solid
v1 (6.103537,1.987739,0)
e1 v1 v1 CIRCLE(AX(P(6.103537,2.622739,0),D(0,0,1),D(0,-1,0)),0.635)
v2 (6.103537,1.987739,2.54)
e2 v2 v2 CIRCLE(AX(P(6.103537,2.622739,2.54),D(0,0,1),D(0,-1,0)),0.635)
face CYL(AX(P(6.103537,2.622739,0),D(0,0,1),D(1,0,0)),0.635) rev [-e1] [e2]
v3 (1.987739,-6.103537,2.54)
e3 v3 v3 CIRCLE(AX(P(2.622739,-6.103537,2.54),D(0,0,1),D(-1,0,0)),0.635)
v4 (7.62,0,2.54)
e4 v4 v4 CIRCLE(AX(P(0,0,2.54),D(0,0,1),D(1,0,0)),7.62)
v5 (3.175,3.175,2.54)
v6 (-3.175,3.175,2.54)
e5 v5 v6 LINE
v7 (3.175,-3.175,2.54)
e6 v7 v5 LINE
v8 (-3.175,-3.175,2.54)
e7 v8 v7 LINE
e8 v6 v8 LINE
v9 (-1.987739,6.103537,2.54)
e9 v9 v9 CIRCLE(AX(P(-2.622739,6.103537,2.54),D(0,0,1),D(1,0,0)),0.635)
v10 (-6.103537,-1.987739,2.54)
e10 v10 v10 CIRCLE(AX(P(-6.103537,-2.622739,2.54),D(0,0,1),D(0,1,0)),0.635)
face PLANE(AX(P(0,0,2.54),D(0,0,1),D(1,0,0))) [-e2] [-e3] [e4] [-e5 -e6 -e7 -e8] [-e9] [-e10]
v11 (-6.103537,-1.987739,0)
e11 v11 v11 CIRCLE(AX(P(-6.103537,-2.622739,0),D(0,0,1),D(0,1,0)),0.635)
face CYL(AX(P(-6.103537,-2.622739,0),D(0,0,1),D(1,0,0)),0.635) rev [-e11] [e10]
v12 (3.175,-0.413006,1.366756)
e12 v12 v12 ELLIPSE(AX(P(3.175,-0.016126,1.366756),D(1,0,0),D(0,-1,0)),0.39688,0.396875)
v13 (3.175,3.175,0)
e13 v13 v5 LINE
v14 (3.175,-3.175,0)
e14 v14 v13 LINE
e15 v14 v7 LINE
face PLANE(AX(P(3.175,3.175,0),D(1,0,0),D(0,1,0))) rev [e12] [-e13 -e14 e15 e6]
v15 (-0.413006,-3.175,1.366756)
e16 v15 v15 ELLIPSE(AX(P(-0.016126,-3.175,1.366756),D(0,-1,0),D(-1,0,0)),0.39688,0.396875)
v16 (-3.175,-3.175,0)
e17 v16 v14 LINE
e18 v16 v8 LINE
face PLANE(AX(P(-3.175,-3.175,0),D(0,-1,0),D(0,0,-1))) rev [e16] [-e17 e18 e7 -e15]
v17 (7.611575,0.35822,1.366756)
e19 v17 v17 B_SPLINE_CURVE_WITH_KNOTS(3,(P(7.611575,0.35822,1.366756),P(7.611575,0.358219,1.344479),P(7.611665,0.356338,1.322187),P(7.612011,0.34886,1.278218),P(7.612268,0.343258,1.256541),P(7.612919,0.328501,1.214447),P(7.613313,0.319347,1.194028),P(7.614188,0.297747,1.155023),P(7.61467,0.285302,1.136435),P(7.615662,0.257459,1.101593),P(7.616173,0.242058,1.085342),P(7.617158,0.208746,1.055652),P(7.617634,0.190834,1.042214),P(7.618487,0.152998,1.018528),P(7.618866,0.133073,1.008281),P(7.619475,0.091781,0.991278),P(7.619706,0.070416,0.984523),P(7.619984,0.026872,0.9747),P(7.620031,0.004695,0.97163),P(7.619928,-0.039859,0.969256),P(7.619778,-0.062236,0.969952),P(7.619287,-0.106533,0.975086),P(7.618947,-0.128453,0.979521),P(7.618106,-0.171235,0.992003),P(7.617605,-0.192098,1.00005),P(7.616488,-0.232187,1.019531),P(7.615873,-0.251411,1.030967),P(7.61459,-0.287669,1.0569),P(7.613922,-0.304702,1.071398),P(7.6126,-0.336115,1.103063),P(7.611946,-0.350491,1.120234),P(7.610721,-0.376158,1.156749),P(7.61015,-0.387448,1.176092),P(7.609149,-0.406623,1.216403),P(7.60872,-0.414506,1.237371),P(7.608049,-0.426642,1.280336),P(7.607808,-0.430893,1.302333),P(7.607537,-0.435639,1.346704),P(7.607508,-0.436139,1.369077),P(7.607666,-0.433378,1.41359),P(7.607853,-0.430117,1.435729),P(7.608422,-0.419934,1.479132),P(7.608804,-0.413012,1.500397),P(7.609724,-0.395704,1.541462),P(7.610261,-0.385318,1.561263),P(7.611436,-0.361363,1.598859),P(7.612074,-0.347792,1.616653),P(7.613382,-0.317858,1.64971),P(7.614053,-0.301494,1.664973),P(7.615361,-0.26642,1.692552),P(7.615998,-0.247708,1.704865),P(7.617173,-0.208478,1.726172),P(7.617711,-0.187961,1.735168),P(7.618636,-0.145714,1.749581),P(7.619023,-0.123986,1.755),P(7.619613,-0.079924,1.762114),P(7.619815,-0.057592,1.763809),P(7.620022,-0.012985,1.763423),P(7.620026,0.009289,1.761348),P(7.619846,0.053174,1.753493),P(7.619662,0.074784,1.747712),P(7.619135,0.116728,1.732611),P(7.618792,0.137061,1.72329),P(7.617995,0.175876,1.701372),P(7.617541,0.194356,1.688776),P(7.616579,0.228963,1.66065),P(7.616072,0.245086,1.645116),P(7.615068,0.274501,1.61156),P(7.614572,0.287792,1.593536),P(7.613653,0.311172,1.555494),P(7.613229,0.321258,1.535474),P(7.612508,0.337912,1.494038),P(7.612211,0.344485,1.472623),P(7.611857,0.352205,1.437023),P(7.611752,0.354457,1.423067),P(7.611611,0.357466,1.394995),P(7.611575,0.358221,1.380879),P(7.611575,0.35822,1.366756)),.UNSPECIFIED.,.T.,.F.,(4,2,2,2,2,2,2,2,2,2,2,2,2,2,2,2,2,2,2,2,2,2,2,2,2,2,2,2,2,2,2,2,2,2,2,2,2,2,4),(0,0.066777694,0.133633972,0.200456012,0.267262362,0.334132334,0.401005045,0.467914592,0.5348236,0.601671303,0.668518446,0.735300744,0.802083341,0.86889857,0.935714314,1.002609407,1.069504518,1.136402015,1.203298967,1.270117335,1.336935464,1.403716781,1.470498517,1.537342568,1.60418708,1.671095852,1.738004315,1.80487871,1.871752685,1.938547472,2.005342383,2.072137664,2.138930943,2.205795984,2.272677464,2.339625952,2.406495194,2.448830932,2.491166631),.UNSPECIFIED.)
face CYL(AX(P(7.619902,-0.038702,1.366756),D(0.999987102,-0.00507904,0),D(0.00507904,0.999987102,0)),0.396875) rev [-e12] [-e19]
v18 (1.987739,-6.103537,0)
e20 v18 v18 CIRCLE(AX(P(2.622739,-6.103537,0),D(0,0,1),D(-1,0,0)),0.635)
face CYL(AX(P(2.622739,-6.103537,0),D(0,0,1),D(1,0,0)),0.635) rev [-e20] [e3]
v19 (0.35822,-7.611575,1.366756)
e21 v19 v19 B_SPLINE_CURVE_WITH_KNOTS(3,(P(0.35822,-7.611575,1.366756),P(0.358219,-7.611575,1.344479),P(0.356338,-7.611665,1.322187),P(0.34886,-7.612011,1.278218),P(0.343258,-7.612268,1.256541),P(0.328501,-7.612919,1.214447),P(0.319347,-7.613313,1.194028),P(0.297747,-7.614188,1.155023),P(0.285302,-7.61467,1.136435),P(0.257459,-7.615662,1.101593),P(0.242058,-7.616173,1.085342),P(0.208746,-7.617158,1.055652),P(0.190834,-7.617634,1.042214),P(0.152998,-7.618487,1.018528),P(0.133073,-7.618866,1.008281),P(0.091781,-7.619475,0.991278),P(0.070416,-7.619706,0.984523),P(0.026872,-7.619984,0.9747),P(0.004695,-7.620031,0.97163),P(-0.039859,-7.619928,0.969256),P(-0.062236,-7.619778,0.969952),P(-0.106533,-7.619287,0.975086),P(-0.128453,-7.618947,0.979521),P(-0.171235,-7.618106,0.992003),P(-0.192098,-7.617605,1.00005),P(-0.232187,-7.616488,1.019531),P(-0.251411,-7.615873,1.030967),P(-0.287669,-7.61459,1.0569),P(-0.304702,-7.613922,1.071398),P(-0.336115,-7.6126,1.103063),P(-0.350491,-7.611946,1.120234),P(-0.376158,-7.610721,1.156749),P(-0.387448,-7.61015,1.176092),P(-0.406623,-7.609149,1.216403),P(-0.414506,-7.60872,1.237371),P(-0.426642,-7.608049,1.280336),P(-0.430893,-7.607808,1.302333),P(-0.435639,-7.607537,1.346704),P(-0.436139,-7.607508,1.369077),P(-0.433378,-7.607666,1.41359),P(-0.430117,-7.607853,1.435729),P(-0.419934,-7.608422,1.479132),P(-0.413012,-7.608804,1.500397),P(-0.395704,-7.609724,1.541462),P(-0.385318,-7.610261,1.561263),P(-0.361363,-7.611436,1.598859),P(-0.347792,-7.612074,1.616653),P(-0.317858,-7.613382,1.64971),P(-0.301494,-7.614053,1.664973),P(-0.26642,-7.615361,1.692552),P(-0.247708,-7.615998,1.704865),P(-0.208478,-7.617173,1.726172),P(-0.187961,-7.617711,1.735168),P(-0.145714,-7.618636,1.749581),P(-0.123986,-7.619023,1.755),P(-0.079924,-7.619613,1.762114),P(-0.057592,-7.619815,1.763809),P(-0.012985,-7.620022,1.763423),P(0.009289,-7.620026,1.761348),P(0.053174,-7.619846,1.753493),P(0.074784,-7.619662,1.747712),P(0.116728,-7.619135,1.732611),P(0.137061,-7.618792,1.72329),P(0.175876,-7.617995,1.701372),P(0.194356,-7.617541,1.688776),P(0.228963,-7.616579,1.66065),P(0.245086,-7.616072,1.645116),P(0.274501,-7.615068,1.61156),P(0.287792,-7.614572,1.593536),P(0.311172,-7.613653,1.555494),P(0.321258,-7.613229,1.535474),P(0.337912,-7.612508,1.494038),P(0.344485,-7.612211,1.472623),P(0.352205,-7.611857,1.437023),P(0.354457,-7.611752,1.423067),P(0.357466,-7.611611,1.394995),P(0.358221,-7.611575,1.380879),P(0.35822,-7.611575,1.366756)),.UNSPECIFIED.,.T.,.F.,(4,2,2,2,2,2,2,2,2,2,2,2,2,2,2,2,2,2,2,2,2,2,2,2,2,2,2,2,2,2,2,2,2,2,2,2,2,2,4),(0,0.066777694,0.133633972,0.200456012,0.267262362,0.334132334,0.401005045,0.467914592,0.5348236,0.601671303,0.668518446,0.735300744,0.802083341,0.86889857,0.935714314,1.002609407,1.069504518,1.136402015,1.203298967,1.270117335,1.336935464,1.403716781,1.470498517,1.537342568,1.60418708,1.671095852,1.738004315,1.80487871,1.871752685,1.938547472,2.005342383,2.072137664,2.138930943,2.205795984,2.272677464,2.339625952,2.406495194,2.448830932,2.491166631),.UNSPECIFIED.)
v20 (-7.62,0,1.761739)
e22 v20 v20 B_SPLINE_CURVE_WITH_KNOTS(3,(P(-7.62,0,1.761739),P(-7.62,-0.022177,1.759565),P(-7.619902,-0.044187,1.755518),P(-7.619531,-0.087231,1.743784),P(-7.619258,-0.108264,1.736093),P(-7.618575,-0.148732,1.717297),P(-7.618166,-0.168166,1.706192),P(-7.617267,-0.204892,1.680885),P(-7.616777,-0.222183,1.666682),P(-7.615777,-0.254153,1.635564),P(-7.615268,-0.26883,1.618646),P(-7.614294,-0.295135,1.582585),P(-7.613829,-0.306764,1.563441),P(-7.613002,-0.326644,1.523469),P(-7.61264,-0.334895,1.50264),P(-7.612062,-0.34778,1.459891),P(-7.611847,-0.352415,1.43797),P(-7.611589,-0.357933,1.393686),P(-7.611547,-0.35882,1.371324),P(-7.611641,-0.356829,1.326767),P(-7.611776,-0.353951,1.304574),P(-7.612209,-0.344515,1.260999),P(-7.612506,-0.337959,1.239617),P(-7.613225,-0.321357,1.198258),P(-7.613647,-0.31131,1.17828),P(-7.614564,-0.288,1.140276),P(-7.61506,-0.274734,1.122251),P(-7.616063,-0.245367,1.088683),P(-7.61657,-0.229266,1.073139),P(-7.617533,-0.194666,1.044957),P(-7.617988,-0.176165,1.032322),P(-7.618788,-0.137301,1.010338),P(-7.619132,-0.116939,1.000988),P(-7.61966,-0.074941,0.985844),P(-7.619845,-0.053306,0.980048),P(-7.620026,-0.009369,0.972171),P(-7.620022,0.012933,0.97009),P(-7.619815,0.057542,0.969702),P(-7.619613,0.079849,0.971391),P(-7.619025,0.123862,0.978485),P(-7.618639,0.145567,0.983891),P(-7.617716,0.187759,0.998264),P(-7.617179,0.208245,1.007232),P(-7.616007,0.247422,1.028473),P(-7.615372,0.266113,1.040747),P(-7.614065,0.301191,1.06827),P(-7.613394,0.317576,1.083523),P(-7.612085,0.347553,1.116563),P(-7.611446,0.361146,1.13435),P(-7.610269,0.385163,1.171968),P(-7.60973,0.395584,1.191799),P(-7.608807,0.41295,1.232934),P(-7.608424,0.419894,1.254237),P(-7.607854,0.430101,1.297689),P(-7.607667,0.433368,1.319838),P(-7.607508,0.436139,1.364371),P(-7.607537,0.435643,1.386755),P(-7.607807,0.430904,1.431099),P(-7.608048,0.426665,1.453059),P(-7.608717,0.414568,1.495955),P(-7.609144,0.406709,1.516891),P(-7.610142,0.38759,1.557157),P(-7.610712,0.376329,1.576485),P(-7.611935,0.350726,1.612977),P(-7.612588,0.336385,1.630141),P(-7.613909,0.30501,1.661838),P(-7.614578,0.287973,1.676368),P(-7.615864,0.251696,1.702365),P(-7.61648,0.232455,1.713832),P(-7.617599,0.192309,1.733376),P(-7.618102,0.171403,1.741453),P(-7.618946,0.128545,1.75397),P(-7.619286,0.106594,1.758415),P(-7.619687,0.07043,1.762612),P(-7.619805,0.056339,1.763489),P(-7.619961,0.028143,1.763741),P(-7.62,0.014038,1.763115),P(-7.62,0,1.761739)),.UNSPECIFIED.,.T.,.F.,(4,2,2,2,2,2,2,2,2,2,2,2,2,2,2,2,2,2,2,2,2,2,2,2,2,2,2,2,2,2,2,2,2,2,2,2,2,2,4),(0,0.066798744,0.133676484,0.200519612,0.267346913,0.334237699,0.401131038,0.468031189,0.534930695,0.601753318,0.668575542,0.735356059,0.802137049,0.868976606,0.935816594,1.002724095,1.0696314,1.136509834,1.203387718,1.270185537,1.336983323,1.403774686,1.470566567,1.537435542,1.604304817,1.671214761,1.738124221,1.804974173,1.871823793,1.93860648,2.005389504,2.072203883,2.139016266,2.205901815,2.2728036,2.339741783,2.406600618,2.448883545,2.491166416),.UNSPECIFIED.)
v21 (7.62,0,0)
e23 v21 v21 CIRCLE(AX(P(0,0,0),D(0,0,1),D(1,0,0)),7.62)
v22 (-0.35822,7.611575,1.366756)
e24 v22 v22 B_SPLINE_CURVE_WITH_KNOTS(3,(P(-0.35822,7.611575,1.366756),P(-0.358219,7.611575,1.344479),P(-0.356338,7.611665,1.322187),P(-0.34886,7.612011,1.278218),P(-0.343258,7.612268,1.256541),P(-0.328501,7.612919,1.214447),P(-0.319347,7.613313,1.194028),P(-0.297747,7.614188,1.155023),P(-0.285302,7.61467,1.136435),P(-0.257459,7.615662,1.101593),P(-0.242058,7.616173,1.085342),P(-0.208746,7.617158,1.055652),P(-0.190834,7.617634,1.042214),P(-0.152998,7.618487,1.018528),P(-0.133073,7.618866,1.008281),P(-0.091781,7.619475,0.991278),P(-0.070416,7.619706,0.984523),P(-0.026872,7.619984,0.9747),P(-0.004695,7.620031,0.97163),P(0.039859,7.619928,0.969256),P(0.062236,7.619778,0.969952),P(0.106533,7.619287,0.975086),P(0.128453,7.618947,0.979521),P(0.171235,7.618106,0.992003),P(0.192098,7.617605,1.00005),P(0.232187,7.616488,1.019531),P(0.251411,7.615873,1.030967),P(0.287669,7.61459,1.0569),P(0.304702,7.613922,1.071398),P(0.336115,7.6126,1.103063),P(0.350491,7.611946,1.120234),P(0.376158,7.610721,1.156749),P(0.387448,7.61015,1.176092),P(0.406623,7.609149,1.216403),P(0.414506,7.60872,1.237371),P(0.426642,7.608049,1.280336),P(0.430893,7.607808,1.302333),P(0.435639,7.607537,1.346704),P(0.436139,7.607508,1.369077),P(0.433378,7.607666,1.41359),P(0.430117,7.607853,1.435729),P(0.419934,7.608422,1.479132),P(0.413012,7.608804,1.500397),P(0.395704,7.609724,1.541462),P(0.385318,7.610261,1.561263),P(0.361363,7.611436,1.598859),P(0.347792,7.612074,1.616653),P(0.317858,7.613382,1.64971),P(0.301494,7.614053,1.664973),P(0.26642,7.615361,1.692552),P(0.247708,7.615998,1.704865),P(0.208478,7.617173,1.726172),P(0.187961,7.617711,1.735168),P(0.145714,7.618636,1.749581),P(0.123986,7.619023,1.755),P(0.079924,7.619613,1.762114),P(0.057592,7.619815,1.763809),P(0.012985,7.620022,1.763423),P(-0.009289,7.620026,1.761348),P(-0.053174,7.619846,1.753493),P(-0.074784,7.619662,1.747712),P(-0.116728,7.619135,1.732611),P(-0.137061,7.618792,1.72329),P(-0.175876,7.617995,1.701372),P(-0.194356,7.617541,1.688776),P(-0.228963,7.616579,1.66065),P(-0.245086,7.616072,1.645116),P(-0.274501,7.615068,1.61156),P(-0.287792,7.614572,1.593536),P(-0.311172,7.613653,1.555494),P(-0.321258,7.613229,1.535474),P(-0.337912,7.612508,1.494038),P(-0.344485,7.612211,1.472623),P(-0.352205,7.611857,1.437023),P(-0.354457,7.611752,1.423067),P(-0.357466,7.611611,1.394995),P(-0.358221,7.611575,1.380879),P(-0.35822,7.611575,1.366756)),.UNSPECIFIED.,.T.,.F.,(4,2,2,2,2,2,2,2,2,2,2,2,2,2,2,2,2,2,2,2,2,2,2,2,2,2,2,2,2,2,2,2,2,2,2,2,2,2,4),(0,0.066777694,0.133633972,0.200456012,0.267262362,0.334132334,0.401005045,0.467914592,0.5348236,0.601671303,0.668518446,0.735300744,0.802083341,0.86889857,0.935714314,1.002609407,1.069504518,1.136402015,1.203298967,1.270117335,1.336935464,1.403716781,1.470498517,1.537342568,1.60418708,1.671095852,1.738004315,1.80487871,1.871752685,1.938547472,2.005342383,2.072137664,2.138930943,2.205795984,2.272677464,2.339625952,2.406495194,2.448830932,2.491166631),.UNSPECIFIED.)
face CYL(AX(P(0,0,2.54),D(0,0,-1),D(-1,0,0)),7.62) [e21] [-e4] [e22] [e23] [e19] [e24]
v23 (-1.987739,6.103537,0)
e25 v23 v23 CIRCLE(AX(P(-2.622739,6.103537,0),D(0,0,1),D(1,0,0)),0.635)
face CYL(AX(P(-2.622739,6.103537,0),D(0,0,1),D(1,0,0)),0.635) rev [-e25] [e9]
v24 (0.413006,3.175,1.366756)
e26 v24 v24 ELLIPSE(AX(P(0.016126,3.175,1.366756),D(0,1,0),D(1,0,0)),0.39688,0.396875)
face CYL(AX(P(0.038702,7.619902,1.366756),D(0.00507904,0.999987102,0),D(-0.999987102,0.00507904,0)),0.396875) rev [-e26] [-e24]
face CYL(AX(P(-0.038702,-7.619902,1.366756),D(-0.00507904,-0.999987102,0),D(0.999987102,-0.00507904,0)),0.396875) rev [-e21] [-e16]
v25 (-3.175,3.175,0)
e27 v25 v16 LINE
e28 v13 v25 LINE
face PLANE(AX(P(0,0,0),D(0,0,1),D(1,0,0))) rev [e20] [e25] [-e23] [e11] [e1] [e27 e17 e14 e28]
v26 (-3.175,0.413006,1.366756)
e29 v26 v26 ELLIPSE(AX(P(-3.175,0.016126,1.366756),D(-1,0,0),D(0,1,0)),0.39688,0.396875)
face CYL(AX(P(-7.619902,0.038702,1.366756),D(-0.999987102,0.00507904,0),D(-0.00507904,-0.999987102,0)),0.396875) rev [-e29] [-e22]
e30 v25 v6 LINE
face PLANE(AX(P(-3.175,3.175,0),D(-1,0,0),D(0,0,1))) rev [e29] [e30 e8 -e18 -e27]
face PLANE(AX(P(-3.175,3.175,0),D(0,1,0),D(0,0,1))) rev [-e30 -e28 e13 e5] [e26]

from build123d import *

# Parameters (mm, degrees)
SKETCH1_R           = 7.62
BOSS_EXTRUDE1_DEPTH = 2.54
SKETCH2_W           = 6.35
SKETCH2_H           = 6.35
CUT_EXTRUDE1_DEPTH  = 12.071603317
SKETCH3_R           = 0.635
CUT_EXTRUDE2_DEPTH  = 12.071603317
CIRPATTERN1_COUNT   = 4
CIRPATTERN2_COUNT   = 4


with BuildPart() as part:
    # Sketch1 → Boss-Extrude1 (new body)
    with BuildSketch(Plane.XY):
        Circle(SKETCH1_R)
    extrude(amount=BOSS_EXTRUDE1_DEPTH)

    # Sketch2 → Cut-Extrude1 (cut, through all)
    with BuildSketch(Plane.XY.offset(2.54)):
        Rectangle(SKETCH2_W, SKETCH2_H)
    extrude(amount=-CUT_EXTRUDE1_DEPTH, mode=Mode.SUBTRACT)

    # Sketch3 → Cut-Extrude2 (cut, through all)
    with BuildSketch(Plane.XY.offset(2.54)):
        with Locations((-2.622739109, 6.103536802)):
            Circle(SKETCH3_R)
    cut_extrude2 = extrude(amount=-CUT_EXTRUDE2_DEPTH, mode=Mode.SUBTRACT)

    # CirPattern1: Cut-Extrude2 ×4 about axis
    cirpattern1_axis = Axis((0, 0, 0), (0, 0, 1))
    for i in range(1, CIRPATTERN1_COUNT):
        add(cut_extrude2.rotate(cirpattern1_axis, i * 360 / CIRPATTERN1_COUNT), mode=Mode.SUBTRACT)

    # Sketch6 → 1/32 (0.03125) Diameter Hole1 (revolve, cut)
    with BuildSketch(Plane(origin=(0.038702284, 7.619901714, 1.36675571), x_dir=(-0.9999871015937097, 0.005079039890736663, 0), z_dir=(0, 0, 1))):
        Polygon((0, 0), (0, 6.683017666), (0.396875, 6.35), (0.396875, 0), align=None)
    f_1_32_0_03125_diameter_hole1 = revolve(axis=Axis((0.070954187, 13.969819809, 1.36675571), (-0.005079039890736664, -0.9999871015937097, 0)), mode=Mode.SUBTRACT)

    # CirPattern2: 1/32 (0.03125) Diameter Hole1 ×4 about axis
    cirpattern2_axis = Axis((0, 0, 2.54), (0, 0, -1))
    for i in range(1, CIRPATTERN2_COUNT):
        add(f_1_32_0_03125_diameter_hole1.rotate(cirpattern2_axis, i * 360 / CIRPATTERN2_COUNT), mode=Mode.SUBTRACT)


solid = part.part
